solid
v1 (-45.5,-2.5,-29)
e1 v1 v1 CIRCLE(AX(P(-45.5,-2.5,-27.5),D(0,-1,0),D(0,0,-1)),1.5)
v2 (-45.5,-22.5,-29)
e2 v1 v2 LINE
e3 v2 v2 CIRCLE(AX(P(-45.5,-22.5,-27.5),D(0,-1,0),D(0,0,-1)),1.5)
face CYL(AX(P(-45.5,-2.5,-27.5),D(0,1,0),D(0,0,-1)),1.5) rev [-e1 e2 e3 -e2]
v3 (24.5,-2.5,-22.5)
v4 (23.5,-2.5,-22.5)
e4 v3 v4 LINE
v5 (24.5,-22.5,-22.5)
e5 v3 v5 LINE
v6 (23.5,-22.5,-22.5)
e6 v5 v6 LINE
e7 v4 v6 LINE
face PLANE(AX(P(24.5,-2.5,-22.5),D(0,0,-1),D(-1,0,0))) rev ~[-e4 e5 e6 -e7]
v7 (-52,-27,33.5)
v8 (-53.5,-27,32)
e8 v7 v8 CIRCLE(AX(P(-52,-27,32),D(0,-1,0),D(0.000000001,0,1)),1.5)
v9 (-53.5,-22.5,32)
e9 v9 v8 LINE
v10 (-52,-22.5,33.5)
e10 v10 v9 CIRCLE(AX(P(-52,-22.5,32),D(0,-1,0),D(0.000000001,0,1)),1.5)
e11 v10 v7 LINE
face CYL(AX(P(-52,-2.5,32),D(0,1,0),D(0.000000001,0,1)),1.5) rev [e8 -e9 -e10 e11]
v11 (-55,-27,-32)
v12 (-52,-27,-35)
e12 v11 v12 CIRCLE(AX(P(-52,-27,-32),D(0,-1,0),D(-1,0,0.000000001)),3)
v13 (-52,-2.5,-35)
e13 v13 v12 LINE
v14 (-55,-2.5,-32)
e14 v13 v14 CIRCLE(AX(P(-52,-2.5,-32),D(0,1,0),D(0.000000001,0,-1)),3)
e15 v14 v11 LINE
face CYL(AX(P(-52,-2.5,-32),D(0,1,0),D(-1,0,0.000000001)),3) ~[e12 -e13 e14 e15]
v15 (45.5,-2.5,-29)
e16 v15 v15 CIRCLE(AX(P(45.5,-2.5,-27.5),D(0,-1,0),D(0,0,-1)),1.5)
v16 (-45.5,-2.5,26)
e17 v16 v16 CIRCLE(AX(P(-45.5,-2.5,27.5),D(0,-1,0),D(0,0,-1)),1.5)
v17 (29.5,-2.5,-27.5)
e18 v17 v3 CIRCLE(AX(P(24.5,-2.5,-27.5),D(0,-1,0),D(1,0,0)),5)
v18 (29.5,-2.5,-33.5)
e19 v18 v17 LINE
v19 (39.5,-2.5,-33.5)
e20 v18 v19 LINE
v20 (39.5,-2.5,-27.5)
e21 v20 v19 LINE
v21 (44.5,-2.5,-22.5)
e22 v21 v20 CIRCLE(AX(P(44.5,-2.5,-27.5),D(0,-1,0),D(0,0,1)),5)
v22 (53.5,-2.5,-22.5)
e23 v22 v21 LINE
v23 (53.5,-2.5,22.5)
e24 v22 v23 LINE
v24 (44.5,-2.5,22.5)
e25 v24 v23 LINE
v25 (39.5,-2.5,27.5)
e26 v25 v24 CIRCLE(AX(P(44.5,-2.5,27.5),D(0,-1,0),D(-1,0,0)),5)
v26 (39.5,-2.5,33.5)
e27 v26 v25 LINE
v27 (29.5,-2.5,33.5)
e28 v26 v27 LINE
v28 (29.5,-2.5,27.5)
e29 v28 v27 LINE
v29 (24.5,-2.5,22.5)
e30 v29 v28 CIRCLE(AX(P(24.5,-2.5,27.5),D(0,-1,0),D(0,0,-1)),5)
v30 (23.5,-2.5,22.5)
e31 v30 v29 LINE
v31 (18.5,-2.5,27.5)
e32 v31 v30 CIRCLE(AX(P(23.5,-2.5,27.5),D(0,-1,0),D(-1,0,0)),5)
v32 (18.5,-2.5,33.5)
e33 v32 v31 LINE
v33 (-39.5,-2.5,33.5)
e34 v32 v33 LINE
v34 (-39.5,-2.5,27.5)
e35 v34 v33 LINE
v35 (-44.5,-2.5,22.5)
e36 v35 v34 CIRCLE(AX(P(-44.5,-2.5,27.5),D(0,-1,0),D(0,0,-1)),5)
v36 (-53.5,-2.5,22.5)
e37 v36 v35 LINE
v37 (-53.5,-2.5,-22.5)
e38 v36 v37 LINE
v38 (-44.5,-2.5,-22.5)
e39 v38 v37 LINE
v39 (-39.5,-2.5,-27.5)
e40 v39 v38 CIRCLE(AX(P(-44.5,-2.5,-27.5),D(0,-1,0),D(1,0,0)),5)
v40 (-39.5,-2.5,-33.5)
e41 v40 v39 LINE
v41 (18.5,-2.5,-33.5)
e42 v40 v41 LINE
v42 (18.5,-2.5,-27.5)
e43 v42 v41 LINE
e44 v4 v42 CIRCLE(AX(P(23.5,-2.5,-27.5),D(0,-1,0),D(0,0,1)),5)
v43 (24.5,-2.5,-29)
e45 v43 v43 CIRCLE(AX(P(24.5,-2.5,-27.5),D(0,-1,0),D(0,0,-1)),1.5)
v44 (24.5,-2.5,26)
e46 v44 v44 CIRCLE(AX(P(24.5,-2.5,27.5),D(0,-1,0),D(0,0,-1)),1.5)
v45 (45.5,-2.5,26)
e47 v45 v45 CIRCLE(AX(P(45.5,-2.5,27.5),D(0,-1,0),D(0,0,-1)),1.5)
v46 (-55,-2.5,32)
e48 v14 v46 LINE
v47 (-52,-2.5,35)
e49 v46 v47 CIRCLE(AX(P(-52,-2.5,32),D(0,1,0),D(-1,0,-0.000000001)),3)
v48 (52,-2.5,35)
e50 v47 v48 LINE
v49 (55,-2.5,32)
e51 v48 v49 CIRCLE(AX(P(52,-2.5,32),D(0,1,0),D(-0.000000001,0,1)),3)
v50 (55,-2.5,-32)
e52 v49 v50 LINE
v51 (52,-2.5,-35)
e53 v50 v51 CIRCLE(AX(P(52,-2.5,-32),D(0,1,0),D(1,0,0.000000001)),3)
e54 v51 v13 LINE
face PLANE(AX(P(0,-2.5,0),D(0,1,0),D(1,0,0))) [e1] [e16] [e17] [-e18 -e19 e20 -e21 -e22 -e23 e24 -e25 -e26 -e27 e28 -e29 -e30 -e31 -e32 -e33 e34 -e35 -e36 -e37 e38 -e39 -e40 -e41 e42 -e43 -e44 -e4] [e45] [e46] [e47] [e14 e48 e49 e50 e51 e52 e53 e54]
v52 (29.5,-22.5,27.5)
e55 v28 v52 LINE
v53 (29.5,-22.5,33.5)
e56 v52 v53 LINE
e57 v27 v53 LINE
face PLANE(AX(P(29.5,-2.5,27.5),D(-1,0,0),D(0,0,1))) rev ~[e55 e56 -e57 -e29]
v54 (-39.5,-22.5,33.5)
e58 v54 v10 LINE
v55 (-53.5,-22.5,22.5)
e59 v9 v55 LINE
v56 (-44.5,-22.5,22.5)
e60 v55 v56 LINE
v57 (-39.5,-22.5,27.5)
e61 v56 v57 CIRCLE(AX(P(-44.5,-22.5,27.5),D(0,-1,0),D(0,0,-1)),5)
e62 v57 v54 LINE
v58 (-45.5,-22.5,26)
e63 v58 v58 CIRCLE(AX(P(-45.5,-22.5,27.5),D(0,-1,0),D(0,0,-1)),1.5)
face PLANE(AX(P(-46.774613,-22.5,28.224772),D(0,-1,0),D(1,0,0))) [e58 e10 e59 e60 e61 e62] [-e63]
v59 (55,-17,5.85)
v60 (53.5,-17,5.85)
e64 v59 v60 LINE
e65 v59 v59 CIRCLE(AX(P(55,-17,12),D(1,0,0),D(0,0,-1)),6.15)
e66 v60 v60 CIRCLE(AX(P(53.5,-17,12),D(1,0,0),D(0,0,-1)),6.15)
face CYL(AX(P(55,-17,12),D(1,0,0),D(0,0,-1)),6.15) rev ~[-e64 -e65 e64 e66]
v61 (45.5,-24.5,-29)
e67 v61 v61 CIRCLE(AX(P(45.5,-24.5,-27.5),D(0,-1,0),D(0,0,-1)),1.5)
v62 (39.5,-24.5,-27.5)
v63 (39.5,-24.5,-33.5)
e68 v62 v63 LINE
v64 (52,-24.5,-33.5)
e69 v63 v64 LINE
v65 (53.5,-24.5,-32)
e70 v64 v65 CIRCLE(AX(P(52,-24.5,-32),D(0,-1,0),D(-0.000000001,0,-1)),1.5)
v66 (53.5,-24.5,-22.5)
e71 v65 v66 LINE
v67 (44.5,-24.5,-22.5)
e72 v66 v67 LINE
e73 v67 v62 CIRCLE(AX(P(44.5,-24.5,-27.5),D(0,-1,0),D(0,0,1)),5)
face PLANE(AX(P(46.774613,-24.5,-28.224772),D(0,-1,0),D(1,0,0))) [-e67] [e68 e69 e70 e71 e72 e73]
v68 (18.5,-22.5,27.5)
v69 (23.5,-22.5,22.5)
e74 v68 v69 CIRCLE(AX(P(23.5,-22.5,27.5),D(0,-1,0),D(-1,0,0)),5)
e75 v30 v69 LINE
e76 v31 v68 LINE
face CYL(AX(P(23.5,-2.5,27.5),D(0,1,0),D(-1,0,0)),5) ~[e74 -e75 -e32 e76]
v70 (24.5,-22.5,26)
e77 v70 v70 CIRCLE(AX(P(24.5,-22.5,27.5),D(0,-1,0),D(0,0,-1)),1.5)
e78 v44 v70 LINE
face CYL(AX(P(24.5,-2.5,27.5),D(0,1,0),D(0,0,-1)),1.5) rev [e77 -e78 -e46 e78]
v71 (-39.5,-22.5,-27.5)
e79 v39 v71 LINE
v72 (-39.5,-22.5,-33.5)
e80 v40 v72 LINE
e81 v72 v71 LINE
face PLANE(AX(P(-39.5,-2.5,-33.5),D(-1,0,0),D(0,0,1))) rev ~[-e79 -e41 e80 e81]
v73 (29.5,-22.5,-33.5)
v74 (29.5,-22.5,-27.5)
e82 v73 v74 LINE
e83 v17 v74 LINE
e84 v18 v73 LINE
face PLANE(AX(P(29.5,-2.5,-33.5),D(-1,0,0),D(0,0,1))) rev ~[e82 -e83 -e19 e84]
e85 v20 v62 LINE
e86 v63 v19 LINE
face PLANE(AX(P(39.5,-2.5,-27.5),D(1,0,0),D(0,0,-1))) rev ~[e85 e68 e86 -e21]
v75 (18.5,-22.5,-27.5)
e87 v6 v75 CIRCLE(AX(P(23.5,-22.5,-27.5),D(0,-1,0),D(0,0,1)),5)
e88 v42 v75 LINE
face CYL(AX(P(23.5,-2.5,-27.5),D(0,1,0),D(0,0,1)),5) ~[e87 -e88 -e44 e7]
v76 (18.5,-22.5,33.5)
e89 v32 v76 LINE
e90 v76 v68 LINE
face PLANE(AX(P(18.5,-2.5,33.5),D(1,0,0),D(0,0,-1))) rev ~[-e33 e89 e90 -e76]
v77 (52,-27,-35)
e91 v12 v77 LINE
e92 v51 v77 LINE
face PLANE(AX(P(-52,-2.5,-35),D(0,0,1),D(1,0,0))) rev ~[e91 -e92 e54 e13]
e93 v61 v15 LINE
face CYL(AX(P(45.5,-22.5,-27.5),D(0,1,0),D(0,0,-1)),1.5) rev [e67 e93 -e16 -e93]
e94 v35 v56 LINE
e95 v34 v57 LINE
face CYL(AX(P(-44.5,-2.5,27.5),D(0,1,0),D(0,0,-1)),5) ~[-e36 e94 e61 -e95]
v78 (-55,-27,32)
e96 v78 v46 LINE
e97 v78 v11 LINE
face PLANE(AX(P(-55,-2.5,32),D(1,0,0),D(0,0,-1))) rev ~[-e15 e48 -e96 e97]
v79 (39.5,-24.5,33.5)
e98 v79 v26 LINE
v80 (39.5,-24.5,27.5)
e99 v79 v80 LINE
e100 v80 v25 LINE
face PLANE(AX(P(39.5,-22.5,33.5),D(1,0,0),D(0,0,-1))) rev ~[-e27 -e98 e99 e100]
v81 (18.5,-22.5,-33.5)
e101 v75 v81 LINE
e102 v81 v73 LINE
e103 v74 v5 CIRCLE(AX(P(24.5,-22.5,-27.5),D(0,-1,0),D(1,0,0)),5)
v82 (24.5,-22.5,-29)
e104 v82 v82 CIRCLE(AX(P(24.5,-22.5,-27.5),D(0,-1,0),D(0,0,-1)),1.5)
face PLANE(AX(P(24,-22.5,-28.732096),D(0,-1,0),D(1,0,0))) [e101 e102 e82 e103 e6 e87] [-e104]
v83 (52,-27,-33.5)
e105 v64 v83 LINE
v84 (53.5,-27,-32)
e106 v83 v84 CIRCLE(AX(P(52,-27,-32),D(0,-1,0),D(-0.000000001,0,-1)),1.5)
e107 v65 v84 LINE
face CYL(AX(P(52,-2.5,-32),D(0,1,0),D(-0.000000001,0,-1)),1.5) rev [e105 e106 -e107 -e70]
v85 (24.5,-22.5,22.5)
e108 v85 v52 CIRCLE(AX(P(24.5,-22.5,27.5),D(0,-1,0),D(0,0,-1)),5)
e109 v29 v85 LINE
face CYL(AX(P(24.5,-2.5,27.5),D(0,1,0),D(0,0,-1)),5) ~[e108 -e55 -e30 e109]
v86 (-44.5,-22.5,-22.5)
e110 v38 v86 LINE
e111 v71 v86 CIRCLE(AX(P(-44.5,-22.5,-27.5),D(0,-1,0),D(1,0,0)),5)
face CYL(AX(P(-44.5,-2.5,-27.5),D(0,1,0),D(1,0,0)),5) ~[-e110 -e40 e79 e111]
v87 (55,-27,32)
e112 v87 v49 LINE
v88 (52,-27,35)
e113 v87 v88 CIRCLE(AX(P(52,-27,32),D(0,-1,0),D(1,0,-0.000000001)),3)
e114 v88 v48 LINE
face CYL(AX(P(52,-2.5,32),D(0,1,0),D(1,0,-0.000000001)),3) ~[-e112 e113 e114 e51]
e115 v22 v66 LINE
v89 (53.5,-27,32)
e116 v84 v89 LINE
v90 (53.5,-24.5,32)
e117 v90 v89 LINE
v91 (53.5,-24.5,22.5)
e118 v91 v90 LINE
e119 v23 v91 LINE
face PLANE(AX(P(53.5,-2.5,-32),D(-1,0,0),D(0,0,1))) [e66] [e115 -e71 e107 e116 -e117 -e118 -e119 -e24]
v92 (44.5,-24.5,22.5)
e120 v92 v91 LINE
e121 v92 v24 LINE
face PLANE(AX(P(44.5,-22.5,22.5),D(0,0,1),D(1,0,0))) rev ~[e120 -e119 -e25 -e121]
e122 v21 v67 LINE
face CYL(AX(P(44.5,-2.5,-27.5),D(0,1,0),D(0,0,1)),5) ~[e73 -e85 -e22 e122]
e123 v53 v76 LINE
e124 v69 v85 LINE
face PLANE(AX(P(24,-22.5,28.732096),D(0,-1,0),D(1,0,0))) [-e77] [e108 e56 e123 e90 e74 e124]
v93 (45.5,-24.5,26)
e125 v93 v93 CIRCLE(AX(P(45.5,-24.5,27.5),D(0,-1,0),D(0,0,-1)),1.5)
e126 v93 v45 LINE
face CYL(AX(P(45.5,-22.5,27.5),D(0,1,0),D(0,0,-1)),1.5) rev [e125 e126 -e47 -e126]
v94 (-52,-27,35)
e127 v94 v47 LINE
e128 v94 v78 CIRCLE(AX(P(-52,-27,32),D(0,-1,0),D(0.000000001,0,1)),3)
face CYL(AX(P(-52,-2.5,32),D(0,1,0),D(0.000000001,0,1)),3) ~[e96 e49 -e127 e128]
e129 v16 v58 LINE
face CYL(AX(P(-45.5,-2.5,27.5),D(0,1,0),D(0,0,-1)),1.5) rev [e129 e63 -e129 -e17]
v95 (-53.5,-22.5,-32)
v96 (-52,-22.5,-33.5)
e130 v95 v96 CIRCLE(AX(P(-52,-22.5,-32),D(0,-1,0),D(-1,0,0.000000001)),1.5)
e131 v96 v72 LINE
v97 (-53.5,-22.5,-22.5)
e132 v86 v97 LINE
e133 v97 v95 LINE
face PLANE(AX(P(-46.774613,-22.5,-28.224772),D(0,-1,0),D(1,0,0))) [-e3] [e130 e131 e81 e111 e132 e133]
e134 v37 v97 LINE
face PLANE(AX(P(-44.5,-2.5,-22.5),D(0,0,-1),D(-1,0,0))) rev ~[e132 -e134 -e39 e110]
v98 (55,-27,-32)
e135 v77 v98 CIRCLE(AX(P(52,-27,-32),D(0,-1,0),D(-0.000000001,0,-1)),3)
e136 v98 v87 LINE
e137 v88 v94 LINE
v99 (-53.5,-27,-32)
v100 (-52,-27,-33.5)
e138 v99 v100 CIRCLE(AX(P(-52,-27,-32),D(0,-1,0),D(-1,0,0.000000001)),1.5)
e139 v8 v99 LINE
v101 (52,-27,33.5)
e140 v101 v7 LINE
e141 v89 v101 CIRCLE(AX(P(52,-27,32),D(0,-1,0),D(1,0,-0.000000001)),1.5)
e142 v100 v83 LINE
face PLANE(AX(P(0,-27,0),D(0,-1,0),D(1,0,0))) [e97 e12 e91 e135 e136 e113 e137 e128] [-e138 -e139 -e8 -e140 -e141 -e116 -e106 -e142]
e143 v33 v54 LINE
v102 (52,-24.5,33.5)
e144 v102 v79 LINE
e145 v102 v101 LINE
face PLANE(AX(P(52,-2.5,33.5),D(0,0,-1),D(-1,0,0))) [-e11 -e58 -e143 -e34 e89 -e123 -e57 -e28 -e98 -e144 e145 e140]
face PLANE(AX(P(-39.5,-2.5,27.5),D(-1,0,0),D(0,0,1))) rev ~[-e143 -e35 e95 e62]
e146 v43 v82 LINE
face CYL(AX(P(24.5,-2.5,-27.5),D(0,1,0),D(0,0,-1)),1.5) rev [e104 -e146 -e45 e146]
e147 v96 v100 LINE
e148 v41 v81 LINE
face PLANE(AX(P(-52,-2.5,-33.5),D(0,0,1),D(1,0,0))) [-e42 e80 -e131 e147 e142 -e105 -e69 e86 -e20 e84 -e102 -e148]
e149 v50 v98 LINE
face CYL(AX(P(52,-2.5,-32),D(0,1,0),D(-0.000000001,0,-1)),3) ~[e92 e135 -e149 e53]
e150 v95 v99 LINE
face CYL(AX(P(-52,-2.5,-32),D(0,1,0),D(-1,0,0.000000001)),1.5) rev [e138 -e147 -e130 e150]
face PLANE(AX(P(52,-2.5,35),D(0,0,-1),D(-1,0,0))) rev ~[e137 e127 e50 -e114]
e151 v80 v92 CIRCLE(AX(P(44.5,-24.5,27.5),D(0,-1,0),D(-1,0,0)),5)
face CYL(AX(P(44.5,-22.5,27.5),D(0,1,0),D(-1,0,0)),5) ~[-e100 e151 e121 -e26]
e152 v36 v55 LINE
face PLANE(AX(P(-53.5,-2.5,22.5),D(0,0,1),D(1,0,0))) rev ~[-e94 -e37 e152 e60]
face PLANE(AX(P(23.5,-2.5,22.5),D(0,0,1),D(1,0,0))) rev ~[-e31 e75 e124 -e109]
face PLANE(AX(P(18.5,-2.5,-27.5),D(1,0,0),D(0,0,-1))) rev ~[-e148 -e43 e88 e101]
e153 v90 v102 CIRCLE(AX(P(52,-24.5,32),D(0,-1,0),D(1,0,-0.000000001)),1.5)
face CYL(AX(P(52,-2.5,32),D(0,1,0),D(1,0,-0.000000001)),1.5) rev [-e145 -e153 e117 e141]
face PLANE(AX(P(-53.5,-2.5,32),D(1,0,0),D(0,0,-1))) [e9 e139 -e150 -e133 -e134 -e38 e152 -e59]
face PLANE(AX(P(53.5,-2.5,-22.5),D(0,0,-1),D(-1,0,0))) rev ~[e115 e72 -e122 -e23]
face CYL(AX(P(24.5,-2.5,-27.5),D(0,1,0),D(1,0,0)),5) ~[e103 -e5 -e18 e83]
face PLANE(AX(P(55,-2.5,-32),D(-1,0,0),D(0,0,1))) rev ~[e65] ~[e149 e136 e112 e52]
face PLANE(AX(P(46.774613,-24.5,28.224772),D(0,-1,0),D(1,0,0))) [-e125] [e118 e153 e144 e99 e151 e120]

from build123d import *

# Parameters (mm, degrees)
BOSS_EXTRUDE1_DEPTH  = 2.5
BOSS_EXTRUDE6_DEPTH  = 24.5
CUT_EXTRUDE7_REACH   = 72.562
SKETCH3_R            = 2.5
BOSS_EXTRUDE11_START = -24.5
SKETCH12_R           = 1.5
BOSS_EXTRUDE11_DEPTH = 20
CUT_EXTRUDE11_REACH  = 120.55
SKETCH13_R           = 6.15
BOSS_EXTRUDE13_START = -4.5
SKETCH12_5_R         = 1.5
BOSS_EXTRUDE13_DEPTH = 2
CUT_EXTRUDE13_DEPTH  = 2.5


with BuildPart() as part:
    # Sketch1 → Boss-Extrude1 (new body)
    with BuildSketch(Plane(origin=(0, 0, 0), x_dir=(1, 0, 0), z_dir=(0, 1, 0))):
        with BuildLine():
            Line((-52, -35), (52, -35))
            ThreePointArc((52, -35), (54.121320344, -34.121320344), (55, -32))
            Line((55, -32), (55, 32))
            ThreePointArc((55, 32), (54.121320344, 34.121320344), (52, 35))
            Line((52, 35), (-52, 35))
            ThreePointArc((-52, 35), (-54.121320344, 34.121320344), (-55, 32))
            Line((-55, 32), (-55, -32))
            ThreePointArc((-55, -32), (-54.121320344, -34.121320344), (-52, -35))
        make_face()
    extrude(amount=-BOSS_EXTRUDE1_DEPTH)

    # Sketch7 → Boss-Extrude6 (add)
    with BuildSketch(Plane.XZ.offset(2.5)):
        with BuildLine():
            Line((-55, 32), (-55, -32))
            ThreePointArc((-55, -32), (-54.121320344, -34.121320344), (-52, -35))
            Line((-52, -35), (52, -35))
            ThreePointArc((52, -35), (54.121320344, -34.121320344), (55, -32))
            Line((55, -32), (55, 32))
            ThreePointArc((55, 32), (54.121320344, 34.121320344), (52, 35))
            Line((52, 35), (-52, 35))
            ThreePointArc((-52, 35), (-54.121320344, 34.121320344), (-55, 32))
        make_face()
        with BuildLine():
            Line((-53.5, 32), (-53.5, -32))
            ThreePointArc((-53.5, -32), (-53.060660172, -33.060660172), (-52, -33.5))
            Line((-52, -33.5), (52, -33.5))
            ThreePointArc((52, -33.5), (53.060660172, -33.060660172), (53.5, -32))
            Line((53.5, -32), (53.5, 32))
            ThreePointArc((53.5, 32), (53.060660172, 33.060660172), (52, 33.5))
            Line((52, 33.5), (-52, 33.5))
            ThreePointArc((-52, 33.5), (-53.060660172, 33.060660172), (-53.5, 32))
        make_face(mode=Mode.SUBTRACT)
    extrude(amount=BOSS_EXTRUDE6_DEPTH)

    # Sketch3 → Cut-Extrude7 (cut, up to next)
    with BuildSketch(Plane(origin=(0, 0, 0), x_dir=(1, 0, 0), z_dir=(0, 1, 0)), mode=Mode.PRIVATE) as cut_extrude7_sk1:
        with Locations(Location((-20.1, -27.5, 0), (0, 0, 270))):
            Circle(SKETCH3_R)
    cut_extrude7_tool1 = extrude(cut_extrude7_sk1.sketch, amount=-CUT_EXTRUDE7_REACH, mode=Mode.PRIVATE) & part.part
    # Sketch3 → Cut-Extrude7 (cut, up to next)
    with BuildSketch(Plane(origin=(0, 0, 0), x_dir=(1, 0, 0), z_dir=(0, 1, 0)), mode=Mode.PRIVATE) as cut_extrude7_sk2:
        with Locations(Location((-9.6, -27.5, 0), (0, 0, 270))):
            Circle(SKETCH3_R)
    cut_extrude7_tool2 = extrude(cut_extrude7_sk2.sketch, amount=-CUT_EXTRUDE7_REACH, mode=Mode.PRIVATE) & part.part
    # Sketch3 → Cut-Extrude7 (cut, up to next)
    with BuildSketch(Plane(origin=(0, 0, 0), x_dir=(1, 0, 0), z_dir=(0, 1, 0)), mode=Mode.PRIVATE) as cut_extrude7_sk3:
        with Locations(Location((0.5, -27.5, 0), (0, 0, 270))):
            Circle(SKETCH3_R)
    cut_extrude7_tool3 = extrude(cut_extrude7_sk3.sketch, amount=-CUT_EXTRUDE7_REACH, mode=Mode.PRIVATE) & part.part
    # Sketch3 → Cut-Extrude7 (cut, up to next)
    with BuildSketch(Plane(origin=(0, 0, 0), x_dir=(1, 0, 0), z_dir=(0, 1, 0)), mode=Mode.PRIVATE) as cut_extrude7_sk4:
        with Locations(Location((10.5, -27.5, 0), (0, 0, 270))):
            Circle(SKETCH3_R)
    cut_extrude7_tool4 = extrude(cut_extrude7_sk4.sketch, amount=-CUT_EXTRUDE7_REACH, mode=Mode.PRIVATE) & part.part
    add(cut_extrude7_tool1.solids().sort_by_distance((-20.1, 0, 27.5))[0], mode=Mode.SUBTRACT)
    add(cut_extrude7_tool2.solids().sort_by_distance((-9.6, 0, 27.5))[0], mode=Mode.SUBTRACT)
    add(cut_extrude7_tool3.solids().sort_by_distance((0.5, 0, 27.5))[0], mode=Mode.SUBTRACT)
    add(cut_extrude7_tool4.solids().sort_by_distance((10.5, 0, 27.5))[0], mode=Mode.SUBTRACT)

    # Sketch12 → Boss-Extrude11 (add)
    # profile 1 of 6: a face of its own
    with BuildSketch(Plane.XZ.offset(27).offset(BOSS_EXTRUDE11_START)):
        with BuildLine():
            Line((-39.5, 27.5), (-39.5, 33.5))
            Line((-39.5, 33.5), (-52, 33.5))
            ThreePointArc((-52, 33.5), (-53.060660172, 33.060660172), (-53.5, 32))
            Line((-53.5, 32), (-53.5, 22.5))
            Line((-53.5, 22.5), (-44.5, 22.5))
            ThreePointArc((-44.5, 22.5), (-40.964466094, 23.964466094), (-39.5, 27.5))
        make_face()
        with Locations(Location((-45.5, 27.5, 0), (0, 0, 270))):
            Circle(SKETCH12_R, mode=Mode.SUBTRACT)
    # profile 2 of 6: a face of its own
    with BuildSketch(Plane.XZ.offset(27).offset(BOSS_EXTRUDE11_START)):
        with BuildLine():
            Line((29.5, 33.5), (18.5, 33.5))
            Line((18.5, 33.5), (18.5, 27.5))
            ThreePointArc((18.5, 27.5), (19.964466094, 23.964466094), (23.5, 22.5))
            Line((23.5, 22.5), (24.5, 22.5))
            ThreePointArc((24.5, 22.5), (28.035533906, 23.964466094), (29.5, 27.5))
            Line((29.5, 27.5), (29.5, 33.5))
        make_face()
        with Locations(Location((24.5, 27.5, 0), (0, 0, 270))):
            Circle(SKETCH12_R, mode=Mode.SUBTRACT)
    # profile 3 of 6: a face of its own
    with BuildSketch(Plane.XZ.offset(27).offset(BOSS_EXTRUDE11_START)):
        with BuildLine():
            Line((18.5, -27.5), (18.5, -33.5))
            Line((18.5, -33.5), (29.5, -33.5))
            Line((29.5, -33.5), (29.5, -27.5))
            ThreePointArc((29.5, -27.5), (28.035533906, -23.964466094), (24.5, -22.5))
            Line((24.5, -22.5), (23.5, -22.5))
            ThreePointArc((23.5, -22.5), (19.964466094, -23.964466094), (18.5, -27.5))
        make_face()
        with Locations(Location((24.5, -27.5, 0), (0, 0, 270))):
            Circle(SKETCH12_R, mode=Mode.SUBTRACT)
    # profile 4 of 6: a face of its own
    with BuildSketch(Plane.XZ.offset(27).offset(BOSS_EXTRUDE11_START)):
        with BuildLine():
            Line((-44.5, -22.5), (-53.5, -22.5))
            Line((-53.5, -22.5), (-53.5, -32))
            ThreePointArc((-53.5, -32), (-53.060660172, -33.060660172), (-52, -33.5))
            Line((-52, -33.5), (-39.5, -33.5))
            Line((-39.5, -33.5), (-39.5, -27.5))
            ThreePointArc((-39.5, -27.5), (-40.964466094, -23.964466094), (-44.5, -22.5))
        make_face()
        with Locations(Location((-45.5, -27.5, 0), (0, 0, 270))):
            Circle(SKETCH12_R, mode=Mode.SUBTRACT)
    # profile 5 of 6: a face of its own
    with BuildSketch(Plane.XZ.offset(27).offset(BOSS_EXTRUDE11_START)):
        with BuildLine():
            Line((52, 33.5), (39.5, 33.5))
            Line((39.5, 33.5), (39.5, 27.5))
            ThreePointArc((39.5, 27.5), (40.964466094, 23.964466094), (44.5, 22.5))
            Line((44.5, 22.5), (53.5, 22.5))
            Line((53.5, 22.5), (53.5, 32))
            ThreePointArc((53.5, 32), (53.060660172, 33.060660172), (52, 33.5))
        make_face()
        with Locations(Location((45.5, 27.5, 0), (0, 0, 270))):
            Circle(SKETCH12_R, mode=Mode.SUBTRACT)
    # profile 6 of 6: a face of its own
    with BuildSketch(Plane.XZ.offset(27).offset(BOSS_EXTRUDE11_START)):
        with BuildLine():
            Line((53.5, -32), (53.5, -22.5))
            Line((53.5, -22.5), (44.5, -22.5))
            ThreePointArc((44.5, -22.5), (40.964466094, -23.964466094), (39.5, -27.5))
            Line((39.5, -27.5), (39.5, -33.5))
            Line((39.5, -33.5), (52, -33.5))
            ThreePointArc((52, -33.5), (53.060660172, -33.060660172), (53.5, -32))
        make_face()
        with Locations(Location((45.5, -27.5, 0), (0, 0, 270))):
            Circle(SKETCH12_R, mode=Mode.SUBTRACT)
    extrude(amount=BOSS_EXTRUDE11_DEPTH)

    # Sketch13 → Cut-Extrude11 (cut, up to next)
    with BuildSketch(Plane(origin=(55, 0, 0), x_dir=(0, 0, -1), z_dir=(1, 0, 0)), mode=Mode.PRIVATE) as cut_extrude11_sk1:
        with Locations((-12, -17)):
            Circle(SKETCH13_R)
    cut_extrude11_tool1 = extrude(cut_extrude11_sk1.sketch, amount=-CUT_EXTRUDE11_REACH, mode=Mode.PRIVATE) & part.part
    add(cut_extrude11_tool1.solids().sort_by_distance((55, -17, 12))[0], mode=Mode.SUBTRACT)

    # Sketch12<5> → Boss-Extrude13 (add)
    # profile 1 of 2: a face of its own
    with BuildSketch(Plane.XZ.offset(27).offset(BOSS_EXTRUDE13_START)):
        with BuildLine():
            Line((44.5, 22.5), (53.5, 22.5))
            Line((53.5, 22.5), (53.5, 32))
            ThreePointArc((53.5, 32), (53.060660172, 33.060660172), (52, 33.5))
            Line((52, 33.5), (39.5, 33.5))
            Line((39.5, 33.5), (39.5, 27.5))
            ThreePointArc((39.5, 27.5), (40.964466094, 23.964466094), (44.5, 22.5))
        make_face()
        with Locations(Location((45.5, 27.5, 0), (0, 0, 270))):
            Circle(SKETCH12_5_R, mode=Mode.SUBTRACT)
    # profile 2 of 2: a face of its own
    with BuildSketch(Plane.XZ.offset(27).offset(BOSS_EXTRUDE13_START)):
        with BuildLine():
            Line((39.5, -27.5), (39.5, -33.5))
            Line((39.5, -33.5), (52, -33.5))
            ThreePointArc((52, -33.5), (53.060660172, -33.060660172), (53.5, -32))
            Line((53.5, -32), (53.5, -22.5))
            Line((53.5, -22.5), (44.5, -22.5))
            ThreePointArc((44.5, -22.5), (40.964466094, -23.964466094), (39.5, -27.5))
        make_face()
        with Locations(Location((45.5, -27.5, 0), (0, 0, 270))):
            Circle(SKETCH12_5_R, mode=Mode.SUBTRACT)
    extrude(amount=BOSS_EXTRUDE13_DEPTH)

    # Sketch14 → Cut-Extrude13 (cut)
    with BuildSketch(Plane(origin=(0, 0, 0), x_dir=(1, 0, 0), z_dir=(0, 1, 0))):
        with BuildLine():
            Line((-52, -35), (52, -35))
            ThreePointArc((52, -35), (54.121320344, -34.121320344), (55, -32))
            Line((55, -32), (55, 32))
            ThreePointArc((55, 32), (54.121320344, 34.121320344), (52, 35))
            Line((52, 35), (-52, 35))
            ThreePointArc((-52, 35), (-54.121320344, 34.121320344), (-55, 32))
            Line((-55, 32), (-55, -32))
            ThreePointArc((-55, -32), (-54.121320344, -34.121320344), (-52, -35))
        make_face()
    extrude(amount=-CUT_EXTRUDE13_DEPTH, mode=Mode.SUBTRACT)


solid = part.part
